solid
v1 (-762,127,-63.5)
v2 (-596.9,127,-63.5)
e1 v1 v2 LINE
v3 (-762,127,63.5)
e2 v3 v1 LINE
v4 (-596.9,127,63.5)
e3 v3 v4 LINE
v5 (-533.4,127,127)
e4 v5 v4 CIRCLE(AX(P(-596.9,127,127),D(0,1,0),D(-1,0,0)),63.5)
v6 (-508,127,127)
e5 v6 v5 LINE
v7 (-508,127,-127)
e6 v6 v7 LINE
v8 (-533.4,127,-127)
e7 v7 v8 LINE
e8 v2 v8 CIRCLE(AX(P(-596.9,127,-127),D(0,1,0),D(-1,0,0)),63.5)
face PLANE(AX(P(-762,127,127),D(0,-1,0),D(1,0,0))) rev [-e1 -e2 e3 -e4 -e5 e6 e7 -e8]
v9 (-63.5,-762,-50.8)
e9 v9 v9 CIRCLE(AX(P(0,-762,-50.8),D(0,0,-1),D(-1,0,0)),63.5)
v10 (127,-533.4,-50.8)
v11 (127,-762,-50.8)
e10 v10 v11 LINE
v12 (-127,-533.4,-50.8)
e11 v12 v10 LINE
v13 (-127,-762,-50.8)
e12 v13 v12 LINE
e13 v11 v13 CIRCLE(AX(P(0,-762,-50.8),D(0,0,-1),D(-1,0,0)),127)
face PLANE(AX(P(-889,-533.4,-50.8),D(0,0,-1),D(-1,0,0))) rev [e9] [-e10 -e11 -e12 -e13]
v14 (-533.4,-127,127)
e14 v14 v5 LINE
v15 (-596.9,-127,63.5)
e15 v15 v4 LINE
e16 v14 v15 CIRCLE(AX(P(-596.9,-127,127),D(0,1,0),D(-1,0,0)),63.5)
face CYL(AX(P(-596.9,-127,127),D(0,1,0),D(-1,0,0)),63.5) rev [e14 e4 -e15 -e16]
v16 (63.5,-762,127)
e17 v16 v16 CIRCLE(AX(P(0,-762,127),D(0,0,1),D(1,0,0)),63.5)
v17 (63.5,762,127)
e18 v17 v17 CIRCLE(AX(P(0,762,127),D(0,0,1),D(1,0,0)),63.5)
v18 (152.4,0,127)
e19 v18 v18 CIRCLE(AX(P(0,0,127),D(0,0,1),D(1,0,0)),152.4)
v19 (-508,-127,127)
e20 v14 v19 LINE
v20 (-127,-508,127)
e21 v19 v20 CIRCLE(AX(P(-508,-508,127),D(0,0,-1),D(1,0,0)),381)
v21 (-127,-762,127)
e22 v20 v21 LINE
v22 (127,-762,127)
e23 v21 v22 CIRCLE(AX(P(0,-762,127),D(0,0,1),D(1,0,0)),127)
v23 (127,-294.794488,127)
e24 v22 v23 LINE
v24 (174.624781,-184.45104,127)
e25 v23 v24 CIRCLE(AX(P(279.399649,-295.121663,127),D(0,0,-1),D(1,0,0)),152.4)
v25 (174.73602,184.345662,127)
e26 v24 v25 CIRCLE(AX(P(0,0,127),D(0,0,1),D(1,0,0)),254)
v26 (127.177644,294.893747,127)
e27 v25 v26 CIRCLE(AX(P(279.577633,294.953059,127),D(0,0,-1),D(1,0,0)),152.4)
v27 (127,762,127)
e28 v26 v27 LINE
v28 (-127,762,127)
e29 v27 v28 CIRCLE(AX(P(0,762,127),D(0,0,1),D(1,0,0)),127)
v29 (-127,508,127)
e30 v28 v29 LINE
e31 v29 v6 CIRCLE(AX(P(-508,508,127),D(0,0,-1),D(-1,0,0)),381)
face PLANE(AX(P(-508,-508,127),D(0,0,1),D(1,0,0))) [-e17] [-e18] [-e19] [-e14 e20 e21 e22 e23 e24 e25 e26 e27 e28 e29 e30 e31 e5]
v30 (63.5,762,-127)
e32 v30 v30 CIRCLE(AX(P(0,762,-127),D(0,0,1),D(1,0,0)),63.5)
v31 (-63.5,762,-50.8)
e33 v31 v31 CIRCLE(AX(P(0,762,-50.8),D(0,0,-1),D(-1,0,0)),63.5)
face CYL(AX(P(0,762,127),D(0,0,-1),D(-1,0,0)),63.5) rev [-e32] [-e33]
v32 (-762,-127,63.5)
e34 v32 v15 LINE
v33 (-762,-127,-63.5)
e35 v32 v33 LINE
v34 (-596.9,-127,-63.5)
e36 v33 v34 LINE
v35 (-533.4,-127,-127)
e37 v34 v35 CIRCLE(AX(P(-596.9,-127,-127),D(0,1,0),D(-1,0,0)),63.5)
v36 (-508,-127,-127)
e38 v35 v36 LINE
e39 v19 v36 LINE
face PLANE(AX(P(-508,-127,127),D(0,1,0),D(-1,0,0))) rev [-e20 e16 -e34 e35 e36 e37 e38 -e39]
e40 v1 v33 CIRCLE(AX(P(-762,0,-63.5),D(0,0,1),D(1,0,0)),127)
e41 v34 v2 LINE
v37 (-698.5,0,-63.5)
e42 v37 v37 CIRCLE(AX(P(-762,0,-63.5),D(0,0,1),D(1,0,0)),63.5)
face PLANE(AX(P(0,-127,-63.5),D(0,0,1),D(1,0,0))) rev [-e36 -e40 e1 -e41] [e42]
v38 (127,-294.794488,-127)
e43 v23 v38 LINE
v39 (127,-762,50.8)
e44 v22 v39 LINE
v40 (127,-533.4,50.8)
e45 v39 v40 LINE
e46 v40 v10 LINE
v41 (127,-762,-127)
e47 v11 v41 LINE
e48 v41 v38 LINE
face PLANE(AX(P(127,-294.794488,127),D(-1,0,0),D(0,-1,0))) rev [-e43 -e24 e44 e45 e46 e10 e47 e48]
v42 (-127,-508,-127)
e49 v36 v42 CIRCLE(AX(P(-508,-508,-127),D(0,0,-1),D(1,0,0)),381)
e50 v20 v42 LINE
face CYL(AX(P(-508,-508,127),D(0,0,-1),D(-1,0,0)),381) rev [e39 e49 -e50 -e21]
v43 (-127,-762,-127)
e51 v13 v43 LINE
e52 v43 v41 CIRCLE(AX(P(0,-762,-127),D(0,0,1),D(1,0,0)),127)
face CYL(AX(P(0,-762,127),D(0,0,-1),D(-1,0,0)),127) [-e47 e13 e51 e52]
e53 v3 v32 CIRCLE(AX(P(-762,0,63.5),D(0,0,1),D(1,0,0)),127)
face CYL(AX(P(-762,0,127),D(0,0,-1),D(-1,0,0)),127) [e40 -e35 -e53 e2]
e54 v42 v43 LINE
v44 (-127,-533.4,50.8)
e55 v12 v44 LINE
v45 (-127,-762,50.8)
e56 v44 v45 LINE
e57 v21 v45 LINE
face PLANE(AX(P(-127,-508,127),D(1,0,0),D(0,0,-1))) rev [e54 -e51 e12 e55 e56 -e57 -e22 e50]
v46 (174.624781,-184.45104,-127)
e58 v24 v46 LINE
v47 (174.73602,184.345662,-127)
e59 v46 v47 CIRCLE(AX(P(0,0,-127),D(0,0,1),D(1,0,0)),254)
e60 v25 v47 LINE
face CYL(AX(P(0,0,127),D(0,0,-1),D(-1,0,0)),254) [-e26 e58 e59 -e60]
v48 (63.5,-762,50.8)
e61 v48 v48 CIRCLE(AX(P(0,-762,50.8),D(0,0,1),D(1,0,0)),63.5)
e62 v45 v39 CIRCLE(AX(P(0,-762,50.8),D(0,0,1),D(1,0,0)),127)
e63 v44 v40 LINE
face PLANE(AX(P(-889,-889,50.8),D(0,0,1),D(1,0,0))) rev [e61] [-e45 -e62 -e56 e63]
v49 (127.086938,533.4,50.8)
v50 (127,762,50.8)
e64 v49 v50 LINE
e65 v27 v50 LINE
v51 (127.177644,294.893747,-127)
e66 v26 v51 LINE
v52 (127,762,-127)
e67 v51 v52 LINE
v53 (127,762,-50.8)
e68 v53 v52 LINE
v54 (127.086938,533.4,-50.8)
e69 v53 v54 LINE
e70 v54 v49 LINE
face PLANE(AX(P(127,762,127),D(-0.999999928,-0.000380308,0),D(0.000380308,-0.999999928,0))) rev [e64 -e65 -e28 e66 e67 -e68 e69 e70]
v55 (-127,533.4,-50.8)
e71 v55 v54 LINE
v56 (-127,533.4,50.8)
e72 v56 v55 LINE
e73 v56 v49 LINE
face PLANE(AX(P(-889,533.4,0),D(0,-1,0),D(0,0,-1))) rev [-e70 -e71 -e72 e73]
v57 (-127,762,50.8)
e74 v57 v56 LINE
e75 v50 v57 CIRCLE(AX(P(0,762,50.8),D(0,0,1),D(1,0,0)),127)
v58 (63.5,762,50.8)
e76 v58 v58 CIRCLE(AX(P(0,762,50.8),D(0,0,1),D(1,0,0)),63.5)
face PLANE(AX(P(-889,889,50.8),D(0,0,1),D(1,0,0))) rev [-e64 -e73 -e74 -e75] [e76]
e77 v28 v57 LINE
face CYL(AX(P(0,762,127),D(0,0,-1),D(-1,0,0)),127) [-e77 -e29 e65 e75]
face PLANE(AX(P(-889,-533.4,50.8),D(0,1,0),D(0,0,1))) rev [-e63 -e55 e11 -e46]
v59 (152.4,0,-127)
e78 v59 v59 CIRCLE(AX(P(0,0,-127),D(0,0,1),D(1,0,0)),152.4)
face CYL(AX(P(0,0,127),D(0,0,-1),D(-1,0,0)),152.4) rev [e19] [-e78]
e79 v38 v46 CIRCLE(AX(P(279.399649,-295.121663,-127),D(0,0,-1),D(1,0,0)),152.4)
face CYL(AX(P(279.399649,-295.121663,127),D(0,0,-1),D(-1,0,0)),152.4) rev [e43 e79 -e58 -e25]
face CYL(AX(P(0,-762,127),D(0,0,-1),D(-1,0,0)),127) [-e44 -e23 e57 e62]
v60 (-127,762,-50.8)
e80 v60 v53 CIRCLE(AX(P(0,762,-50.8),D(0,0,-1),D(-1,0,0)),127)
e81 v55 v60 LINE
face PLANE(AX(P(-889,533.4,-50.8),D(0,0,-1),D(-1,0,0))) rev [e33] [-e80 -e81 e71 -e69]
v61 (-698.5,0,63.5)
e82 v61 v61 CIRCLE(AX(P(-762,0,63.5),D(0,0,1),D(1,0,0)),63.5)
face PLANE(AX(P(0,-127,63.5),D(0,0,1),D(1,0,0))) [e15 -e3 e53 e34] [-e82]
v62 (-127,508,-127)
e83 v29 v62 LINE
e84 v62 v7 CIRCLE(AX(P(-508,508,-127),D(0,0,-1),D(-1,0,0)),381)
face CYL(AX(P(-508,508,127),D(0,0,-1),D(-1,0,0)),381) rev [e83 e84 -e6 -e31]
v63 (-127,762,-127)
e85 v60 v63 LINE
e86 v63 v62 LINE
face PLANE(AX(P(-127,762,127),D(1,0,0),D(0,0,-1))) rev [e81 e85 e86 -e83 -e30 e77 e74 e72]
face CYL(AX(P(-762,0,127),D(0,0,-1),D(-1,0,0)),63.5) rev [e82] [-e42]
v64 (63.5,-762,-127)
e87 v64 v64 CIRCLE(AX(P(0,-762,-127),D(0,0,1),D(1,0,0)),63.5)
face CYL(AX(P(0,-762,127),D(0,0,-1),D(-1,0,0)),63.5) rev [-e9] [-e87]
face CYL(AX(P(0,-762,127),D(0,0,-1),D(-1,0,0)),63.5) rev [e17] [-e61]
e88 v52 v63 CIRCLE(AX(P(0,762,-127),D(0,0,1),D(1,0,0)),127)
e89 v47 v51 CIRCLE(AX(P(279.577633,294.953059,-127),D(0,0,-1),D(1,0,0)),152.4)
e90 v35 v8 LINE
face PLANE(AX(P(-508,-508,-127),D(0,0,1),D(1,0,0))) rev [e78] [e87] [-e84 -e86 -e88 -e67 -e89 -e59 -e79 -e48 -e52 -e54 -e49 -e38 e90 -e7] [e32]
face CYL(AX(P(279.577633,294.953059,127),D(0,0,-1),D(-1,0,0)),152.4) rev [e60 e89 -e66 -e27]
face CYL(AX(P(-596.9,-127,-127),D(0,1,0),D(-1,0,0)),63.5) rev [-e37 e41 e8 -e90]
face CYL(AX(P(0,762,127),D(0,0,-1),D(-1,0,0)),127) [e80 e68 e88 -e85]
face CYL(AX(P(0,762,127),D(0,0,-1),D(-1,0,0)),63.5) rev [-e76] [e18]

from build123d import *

# Parameters (mm, degrees)
SKETCH1_R               = 63.5
SKETCH1_R_2             = 152.4
BOSS_EXTRUDE1_DEPTH     = 127
CUT_EXTRUDE1_DEPTH      = 1264.634045125
CUT_EXTRUDE1_DEPTH_BACK = 1264.634045125
SKETCH2_W               = 101.6
SKETCH2_H               = 355.6
CUT_EXTRUDE2_DEPTH      = 254


with BuildPart() as part:
    # Sketch1 → Boss-Extrude1 (new, symmetric)
    with BuildSketch(Plane.XY):
        with BuildLine():
            Line((127, -294.794488402), (127, -762))
            ThreePointArc((127, -762), (0, -889), (-127, -762))
            Line((-127, -762), (-127, -508))
            ThreePointArc((-127, -508), (-238.592316368, -238.592316368), (-508, -127))
            Line((-508, -127), (-762, -127))
            ThreePointArc((-762, -127), (-889, 0), (-762, 127))
            Line((-762, 127), (-508, 127))
            ThreePointArc((-508, 127), (-238.592316368, 238.592316368), (-127, 508))
            Line((-127, 508), (-127, 762))
            ThreePointArc((-127, 762), (0, 889), (127, 762))
            Line((127, 762), (127.177644281, 294.893747175))
            ThreePointArc((127.177644281, 294.893747175), (139.582882613, 234.726570772), (174.736020462, 184.345662149))
            ThreePointArc((174.736020462, 184.345662149), (253.999988445, -0.076613885), (174.624780504, -184.451039666))
            ThreePointArc((174.624780504, -184.451039666), (139.476090274, -234.729960661), (127, -294.794488402))
        make_face()
        with Locations((0, 762)):
            Circle(SKETCH1_R, mode=Mode.SUBTRACT)
        with Locations((0, -762)):
            Circle(SKETCH1_R, mode=Mode.SUBTRACT)
        with Locations((-762, 0)):
            Circle(SKETCH1_R, mode=Mode.SUBTRACT)
        Circle(SKETCH1_R_2, mode=Mode.SUBTRACT)
    extrude(amount=BOSS_EXTRUDE1_DEPTH, both=True)

    # Sketch2 → Cut-Extrude1 (cut, two sides: drawn at the far end of the back side and taken through both)
    with BuildSketch(Plane(origin=(0, 0, 0), x_dir=(0, 0, -1), z_dir=(1, 0, 0)).offset(-CUT_EXTRUDE1_DEPTH_BACK)):
        Polygon((-50.8, 889), (50.8, 889), (50.8, 533.4), (0, 533.4), (-50.8, 533.4), align=None)
        with Locations((0, -711.2)):
            Rectangle(SKETCH2_W, SKETCH2_H)
    extrude(amount=CUT_EXTRUDE1_DEPTH + CUT_EXTRUDE1_DEPTH_BACK, mode=Mode.SUBTRACT)

    # Sketch3 → Cut-Extrude2 (cut)
    with BuildSketch(Plane(origin=(0, 127, 0), x_dir=(1, 0, 0), z_dir=(0, 1, 0))):
        with BuildLine():
            Line((-762, 127), (-762, 63.5))
            Line((-762, 63.5), (-596.9, 63.5))
            ThreePointArc((-596.9, 63.5), (-551.998719395, 82.098719395), (-533.4, 127))
            Line((-533.4, 127), (-762, 127))
        make_face()
        Polygon((-889, 63.5), (-762, 63.5), (-762, 127), (-533.4, 127), (-533.4, 247.034120233), (-889, 247.034120233), align=None)
        Polygon((-762, -127), (-762, -63.5), (-889, -63.5), (-889, -178.364595134), (-533.4, -178.364595134), (-533.4, -127), align=None)
        with BuildLine():
            ThreePointArc((-533.4, -127), (-551.998719395, -82.098719395), (-596.9, -63.5))
            Line((-596.9, -63.5), (-762, -63.5))
            Line((-762, -63.5), (-762, -127))
            Line((-762, -127), (-533.4, -127))
        make_face()
    extrude(amount=-CUT_EXTRUDE2_DEPTH, mode=Mode.SUBTRACT)


solid = part.part
